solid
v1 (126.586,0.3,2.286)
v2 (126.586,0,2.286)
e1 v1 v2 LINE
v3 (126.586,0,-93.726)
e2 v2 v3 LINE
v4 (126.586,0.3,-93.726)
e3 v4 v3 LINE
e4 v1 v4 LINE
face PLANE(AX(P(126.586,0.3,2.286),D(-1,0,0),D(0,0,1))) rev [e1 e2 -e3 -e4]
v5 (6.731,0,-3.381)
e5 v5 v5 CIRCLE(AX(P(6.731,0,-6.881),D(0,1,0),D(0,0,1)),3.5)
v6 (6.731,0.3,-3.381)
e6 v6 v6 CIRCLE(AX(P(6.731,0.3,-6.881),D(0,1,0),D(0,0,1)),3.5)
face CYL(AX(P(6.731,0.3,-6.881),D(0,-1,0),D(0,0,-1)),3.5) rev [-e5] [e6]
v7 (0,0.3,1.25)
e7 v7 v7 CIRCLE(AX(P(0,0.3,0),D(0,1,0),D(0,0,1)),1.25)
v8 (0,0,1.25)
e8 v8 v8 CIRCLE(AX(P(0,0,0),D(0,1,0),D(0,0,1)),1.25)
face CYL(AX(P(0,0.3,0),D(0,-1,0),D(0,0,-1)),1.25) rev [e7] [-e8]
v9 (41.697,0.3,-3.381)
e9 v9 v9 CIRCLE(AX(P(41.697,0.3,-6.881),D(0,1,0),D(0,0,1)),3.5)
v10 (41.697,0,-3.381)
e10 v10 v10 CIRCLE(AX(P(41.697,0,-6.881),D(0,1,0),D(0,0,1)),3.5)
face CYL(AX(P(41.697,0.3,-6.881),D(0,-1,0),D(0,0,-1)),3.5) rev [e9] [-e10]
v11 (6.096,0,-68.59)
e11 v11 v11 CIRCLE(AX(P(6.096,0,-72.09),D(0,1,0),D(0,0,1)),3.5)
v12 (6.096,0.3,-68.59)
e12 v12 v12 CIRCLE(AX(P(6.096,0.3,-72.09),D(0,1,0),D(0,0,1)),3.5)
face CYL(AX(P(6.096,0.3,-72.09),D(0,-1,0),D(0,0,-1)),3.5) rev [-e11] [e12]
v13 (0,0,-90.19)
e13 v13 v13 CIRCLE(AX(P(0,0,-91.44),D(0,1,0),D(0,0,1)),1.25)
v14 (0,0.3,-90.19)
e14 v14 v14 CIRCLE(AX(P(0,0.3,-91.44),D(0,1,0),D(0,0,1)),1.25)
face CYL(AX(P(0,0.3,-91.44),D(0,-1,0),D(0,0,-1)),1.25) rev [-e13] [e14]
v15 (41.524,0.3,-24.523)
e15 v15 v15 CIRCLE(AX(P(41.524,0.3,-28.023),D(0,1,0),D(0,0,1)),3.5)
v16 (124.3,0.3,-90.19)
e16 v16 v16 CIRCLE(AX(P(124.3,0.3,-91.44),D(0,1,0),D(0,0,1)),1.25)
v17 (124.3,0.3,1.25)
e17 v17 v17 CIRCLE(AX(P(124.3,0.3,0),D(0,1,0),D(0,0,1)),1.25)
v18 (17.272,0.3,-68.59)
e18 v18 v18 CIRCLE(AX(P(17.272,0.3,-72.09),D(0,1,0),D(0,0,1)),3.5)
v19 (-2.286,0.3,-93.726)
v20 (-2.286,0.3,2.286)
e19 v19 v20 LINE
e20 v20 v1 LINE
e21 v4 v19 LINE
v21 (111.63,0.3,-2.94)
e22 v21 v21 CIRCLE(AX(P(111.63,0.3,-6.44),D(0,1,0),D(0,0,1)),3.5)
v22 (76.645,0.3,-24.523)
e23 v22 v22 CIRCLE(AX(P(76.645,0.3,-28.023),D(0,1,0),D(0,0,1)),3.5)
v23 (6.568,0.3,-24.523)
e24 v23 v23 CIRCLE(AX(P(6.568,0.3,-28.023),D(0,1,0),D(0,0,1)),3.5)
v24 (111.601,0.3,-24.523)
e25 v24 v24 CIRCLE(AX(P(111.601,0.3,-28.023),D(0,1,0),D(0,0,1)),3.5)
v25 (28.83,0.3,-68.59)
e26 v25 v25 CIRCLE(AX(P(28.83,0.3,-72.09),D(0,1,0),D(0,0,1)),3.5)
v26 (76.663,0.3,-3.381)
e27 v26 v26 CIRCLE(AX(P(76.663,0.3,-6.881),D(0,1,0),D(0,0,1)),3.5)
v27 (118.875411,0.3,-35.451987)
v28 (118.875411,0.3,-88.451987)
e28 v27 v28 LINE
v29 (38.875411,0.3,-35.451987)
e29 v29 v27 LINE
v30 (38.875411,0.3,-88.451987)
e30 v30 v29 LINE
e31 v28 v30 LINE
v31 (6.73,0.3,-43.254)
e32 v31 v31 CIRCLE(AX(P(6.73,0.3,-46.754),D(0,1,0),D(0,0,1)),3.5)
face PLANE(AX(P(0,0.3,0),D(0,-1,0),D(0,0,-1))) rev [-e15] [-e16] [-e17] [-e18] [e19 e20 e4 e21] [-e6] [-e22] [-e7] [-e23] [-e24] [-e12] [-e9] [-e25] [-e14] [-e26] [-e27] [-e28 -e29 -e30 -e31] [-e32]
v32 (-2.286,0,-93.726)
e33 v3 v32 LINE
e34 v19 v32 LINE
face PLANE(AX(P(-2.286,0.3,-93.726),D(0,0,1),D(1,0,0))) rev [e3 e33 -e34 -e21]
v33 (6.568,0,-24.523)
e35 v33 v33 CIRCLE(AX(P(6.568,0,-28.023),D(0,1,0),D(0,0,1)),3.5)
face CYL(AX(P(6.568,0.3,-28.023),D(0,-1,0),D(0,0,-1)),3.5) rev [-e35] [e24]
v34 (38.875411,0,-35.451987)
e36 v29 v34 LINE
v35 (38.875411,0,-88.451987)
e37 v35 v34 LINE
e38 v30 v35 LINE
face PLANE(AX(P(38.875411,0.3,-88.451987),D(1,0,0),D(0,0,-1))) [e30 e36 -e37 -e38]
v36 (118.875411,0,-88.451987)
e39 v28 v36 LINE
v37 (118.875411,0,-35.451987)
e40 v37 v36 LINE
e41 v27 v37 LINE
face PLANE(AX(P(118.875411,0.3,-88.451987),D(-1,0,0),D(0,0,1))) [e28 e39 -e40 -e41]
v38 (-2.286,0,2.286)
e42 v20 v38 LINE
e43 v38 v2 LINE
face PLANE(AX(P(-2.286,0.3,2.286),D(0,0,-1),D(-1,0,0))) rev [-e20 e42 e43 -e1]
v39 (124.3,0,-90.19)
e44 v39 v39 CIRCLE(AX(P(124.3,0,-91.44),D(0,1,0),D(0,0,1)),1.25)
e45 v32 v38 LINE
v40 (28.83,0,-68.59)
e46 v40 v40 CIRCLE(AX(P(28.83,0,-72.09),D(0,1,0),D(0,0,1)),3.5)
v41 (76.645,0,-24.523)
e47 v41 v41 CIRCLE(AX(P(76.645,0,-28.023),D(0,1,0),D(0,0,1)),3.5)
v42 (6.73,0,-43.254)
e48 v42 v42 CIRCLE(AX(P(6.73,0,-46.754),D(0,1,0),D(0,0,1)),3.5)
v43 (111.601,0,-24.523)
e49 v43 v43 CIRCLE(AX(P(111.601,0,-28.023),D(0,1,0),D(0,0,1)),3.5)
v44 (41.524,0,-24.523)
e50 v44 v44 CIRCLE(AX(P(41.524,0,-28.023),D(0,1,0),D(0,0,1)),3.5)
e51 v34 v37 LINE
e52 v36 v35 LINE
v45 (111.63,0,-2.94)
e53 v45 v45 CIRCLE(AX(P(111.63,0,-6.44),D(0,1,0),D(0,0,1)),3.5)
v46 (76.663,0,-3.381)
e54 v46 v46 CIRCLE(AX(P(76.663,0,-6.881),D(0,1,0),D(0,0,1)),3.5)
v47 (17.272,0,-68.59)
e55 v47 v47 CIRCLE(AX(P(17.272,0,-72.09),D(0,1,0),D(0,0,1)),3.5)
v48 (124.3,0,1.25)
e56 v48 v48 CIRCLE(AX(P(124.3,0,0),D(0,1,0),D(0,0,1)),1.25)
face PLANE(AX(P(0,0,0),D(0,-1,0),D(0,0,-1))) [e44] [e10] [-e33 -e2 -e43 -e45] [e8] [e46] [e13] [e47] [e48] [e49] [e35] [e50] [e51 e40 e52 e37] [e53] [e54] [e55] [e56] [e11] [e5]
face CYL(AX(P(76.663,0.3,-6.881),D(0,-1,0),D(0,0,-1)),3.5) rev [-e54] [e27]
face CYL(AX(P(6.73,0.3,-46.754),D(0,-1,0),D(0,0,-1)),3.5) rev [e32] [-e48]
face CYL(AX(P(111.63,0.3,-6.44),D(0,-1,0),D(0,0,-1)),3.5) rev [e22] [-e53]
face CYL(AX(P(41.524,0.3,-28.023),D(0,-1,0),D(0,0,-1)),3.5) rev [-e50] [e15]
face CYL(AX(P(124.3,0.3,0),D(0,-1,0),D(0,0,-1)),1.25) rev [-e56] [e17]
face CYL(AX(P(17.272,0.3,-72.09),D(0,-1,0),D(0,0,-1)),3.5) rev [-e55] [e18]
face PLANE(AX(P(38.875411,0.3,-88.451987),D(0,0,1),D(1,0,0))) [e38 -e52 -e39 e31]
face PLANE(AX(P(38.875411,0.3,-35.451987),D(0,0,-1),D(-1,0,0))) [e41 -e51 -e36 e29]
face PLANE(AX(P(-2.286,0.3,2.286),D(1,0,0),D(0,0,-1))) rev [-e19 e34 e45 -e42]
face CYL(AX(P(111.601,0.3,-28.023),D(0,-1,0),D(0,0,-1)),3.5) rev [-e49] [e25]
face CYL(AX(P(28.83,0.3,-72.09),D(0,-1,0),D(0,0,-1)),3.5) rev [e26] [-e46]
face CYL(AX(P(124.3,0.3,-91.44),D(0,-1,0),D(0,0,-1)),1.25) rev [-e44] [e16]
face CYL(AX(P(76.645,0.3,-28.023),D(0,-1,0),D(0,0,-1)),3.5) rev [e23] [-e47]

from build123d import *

# Parameters (mm, degrees)
SKETCH1_W           = 128.872
SKETCH1_H           = 96.012
SKETCH1_R           = 1.25
SKETCH1_R_2         = 3.5
SKETCH1_W_2         = 80
SKETCH1_H_2         = 53
BOSS_EXTRUDE1_DEPTH = 0.3


with BuildPart() as part:
    # Sketch1 → Boss-Extrude1 (new body)
    with BuildSketch(Plane(origin=(0, 0, 0), x_dir=(1, 0, 0), z_dir=(0, 1, 0))):
        with Locations((62.15, 45.72)):
            Rectangle(SKETCH1_W, SKETCH1_H)
        with Locations(Location((0, 91.44, 0), (0, 0, 270))):
            Circle(SKETCH1_R, mode=Mode.SUBTRACT)
        with Locations(Location((124.3, 91.44, 0), (0, 0, 270))):
            Circle(SKETCH1_R, mode=Mode.SUBTRACT)
        with Locations(Location((0, 0, 0), (0, 0, 270))):
            Circle(SKETCH1_R, mode=Mode.SUBTRACT)
        with Locations(Location((124.3, 0, 0), (0, 0, 270))):
            Circle(SKETCH1_R, mode=Mode.SUBTRACT)
        with Locations(Location((6.731, 6.881, 0), (0, 0, 270))):
            Circle(SKETCH1_R_2, mode=Mode.SUBTRACT)
        with Locations(Location((41.697, 6.881, 0), (0, 0, 270))):
            Circle(SKETCH1_R_2, mode=Mode.SUBTRACT)
        with Locations(Location((76.663, 6.881, 0), (0, 0, 270))):
            Circle(SKETCH1_R_2, mode=Mode.SUBTRACT)
        with Locations(Location((111.63, 6.44, 0), (0, 0, 270))):
            Circle(SKETCH1_R_2, mode=Mode.SUBTRACT)
        with Locations(Location((6.73, 46.754, 0), (0, 0, 270))):
            Circle(SKETCH1_R_2, mode=Mode.SUBTRACT)
        with Locations(Location((6.568, 28.023, 0), (0, 0, 270))):
            Circle(SKETCH1_R_2, mode=Mode.SUBTRACT)
        with Locations(Location((41.524, 28.023, 0), (0, 0, 270))):
            Circle(SKETCH1_R_2, mode=Mode.SUBTRACT)
        with Locations(Location((76.645, 28.023, 0), (0, 0, 270))):
            Circle(SKETCH1_R_2, mode=Mode.SUBTRACT)
        with Locations(Location((111.601, 28.023, 0), (0, 0, 270))):
            Circle(SKETCH1_R_2, mode=Mode.SUBTRACT)
        with Locations(Location((6.096, 72.09, 0), (0, 0, 270))):
            Circle(SKETCH1_R_2, mode=Mode.SUBTRACT)
        with Locations(Location((17.272, 72.09, 0), (0, 0, 270))):
            Circle(SKETCH1_R_2, mode=Mode.SUBTRACT)
        with Locations(Location((28.83, 72.09, 0), (0, 0, 270))):
            Circle(SKETCH1_R_2, mode=Mode.SUBTRACT)
        with Locations((78.875410923, 61.951987271)):
            Rectangle(SKETCH1_W_2, SKETCH1_H_2, mode=Mode.SUBTRACT)
    extrude(amount=BOSS_EXTRUDE1_DEPTH)


solid = part.part
